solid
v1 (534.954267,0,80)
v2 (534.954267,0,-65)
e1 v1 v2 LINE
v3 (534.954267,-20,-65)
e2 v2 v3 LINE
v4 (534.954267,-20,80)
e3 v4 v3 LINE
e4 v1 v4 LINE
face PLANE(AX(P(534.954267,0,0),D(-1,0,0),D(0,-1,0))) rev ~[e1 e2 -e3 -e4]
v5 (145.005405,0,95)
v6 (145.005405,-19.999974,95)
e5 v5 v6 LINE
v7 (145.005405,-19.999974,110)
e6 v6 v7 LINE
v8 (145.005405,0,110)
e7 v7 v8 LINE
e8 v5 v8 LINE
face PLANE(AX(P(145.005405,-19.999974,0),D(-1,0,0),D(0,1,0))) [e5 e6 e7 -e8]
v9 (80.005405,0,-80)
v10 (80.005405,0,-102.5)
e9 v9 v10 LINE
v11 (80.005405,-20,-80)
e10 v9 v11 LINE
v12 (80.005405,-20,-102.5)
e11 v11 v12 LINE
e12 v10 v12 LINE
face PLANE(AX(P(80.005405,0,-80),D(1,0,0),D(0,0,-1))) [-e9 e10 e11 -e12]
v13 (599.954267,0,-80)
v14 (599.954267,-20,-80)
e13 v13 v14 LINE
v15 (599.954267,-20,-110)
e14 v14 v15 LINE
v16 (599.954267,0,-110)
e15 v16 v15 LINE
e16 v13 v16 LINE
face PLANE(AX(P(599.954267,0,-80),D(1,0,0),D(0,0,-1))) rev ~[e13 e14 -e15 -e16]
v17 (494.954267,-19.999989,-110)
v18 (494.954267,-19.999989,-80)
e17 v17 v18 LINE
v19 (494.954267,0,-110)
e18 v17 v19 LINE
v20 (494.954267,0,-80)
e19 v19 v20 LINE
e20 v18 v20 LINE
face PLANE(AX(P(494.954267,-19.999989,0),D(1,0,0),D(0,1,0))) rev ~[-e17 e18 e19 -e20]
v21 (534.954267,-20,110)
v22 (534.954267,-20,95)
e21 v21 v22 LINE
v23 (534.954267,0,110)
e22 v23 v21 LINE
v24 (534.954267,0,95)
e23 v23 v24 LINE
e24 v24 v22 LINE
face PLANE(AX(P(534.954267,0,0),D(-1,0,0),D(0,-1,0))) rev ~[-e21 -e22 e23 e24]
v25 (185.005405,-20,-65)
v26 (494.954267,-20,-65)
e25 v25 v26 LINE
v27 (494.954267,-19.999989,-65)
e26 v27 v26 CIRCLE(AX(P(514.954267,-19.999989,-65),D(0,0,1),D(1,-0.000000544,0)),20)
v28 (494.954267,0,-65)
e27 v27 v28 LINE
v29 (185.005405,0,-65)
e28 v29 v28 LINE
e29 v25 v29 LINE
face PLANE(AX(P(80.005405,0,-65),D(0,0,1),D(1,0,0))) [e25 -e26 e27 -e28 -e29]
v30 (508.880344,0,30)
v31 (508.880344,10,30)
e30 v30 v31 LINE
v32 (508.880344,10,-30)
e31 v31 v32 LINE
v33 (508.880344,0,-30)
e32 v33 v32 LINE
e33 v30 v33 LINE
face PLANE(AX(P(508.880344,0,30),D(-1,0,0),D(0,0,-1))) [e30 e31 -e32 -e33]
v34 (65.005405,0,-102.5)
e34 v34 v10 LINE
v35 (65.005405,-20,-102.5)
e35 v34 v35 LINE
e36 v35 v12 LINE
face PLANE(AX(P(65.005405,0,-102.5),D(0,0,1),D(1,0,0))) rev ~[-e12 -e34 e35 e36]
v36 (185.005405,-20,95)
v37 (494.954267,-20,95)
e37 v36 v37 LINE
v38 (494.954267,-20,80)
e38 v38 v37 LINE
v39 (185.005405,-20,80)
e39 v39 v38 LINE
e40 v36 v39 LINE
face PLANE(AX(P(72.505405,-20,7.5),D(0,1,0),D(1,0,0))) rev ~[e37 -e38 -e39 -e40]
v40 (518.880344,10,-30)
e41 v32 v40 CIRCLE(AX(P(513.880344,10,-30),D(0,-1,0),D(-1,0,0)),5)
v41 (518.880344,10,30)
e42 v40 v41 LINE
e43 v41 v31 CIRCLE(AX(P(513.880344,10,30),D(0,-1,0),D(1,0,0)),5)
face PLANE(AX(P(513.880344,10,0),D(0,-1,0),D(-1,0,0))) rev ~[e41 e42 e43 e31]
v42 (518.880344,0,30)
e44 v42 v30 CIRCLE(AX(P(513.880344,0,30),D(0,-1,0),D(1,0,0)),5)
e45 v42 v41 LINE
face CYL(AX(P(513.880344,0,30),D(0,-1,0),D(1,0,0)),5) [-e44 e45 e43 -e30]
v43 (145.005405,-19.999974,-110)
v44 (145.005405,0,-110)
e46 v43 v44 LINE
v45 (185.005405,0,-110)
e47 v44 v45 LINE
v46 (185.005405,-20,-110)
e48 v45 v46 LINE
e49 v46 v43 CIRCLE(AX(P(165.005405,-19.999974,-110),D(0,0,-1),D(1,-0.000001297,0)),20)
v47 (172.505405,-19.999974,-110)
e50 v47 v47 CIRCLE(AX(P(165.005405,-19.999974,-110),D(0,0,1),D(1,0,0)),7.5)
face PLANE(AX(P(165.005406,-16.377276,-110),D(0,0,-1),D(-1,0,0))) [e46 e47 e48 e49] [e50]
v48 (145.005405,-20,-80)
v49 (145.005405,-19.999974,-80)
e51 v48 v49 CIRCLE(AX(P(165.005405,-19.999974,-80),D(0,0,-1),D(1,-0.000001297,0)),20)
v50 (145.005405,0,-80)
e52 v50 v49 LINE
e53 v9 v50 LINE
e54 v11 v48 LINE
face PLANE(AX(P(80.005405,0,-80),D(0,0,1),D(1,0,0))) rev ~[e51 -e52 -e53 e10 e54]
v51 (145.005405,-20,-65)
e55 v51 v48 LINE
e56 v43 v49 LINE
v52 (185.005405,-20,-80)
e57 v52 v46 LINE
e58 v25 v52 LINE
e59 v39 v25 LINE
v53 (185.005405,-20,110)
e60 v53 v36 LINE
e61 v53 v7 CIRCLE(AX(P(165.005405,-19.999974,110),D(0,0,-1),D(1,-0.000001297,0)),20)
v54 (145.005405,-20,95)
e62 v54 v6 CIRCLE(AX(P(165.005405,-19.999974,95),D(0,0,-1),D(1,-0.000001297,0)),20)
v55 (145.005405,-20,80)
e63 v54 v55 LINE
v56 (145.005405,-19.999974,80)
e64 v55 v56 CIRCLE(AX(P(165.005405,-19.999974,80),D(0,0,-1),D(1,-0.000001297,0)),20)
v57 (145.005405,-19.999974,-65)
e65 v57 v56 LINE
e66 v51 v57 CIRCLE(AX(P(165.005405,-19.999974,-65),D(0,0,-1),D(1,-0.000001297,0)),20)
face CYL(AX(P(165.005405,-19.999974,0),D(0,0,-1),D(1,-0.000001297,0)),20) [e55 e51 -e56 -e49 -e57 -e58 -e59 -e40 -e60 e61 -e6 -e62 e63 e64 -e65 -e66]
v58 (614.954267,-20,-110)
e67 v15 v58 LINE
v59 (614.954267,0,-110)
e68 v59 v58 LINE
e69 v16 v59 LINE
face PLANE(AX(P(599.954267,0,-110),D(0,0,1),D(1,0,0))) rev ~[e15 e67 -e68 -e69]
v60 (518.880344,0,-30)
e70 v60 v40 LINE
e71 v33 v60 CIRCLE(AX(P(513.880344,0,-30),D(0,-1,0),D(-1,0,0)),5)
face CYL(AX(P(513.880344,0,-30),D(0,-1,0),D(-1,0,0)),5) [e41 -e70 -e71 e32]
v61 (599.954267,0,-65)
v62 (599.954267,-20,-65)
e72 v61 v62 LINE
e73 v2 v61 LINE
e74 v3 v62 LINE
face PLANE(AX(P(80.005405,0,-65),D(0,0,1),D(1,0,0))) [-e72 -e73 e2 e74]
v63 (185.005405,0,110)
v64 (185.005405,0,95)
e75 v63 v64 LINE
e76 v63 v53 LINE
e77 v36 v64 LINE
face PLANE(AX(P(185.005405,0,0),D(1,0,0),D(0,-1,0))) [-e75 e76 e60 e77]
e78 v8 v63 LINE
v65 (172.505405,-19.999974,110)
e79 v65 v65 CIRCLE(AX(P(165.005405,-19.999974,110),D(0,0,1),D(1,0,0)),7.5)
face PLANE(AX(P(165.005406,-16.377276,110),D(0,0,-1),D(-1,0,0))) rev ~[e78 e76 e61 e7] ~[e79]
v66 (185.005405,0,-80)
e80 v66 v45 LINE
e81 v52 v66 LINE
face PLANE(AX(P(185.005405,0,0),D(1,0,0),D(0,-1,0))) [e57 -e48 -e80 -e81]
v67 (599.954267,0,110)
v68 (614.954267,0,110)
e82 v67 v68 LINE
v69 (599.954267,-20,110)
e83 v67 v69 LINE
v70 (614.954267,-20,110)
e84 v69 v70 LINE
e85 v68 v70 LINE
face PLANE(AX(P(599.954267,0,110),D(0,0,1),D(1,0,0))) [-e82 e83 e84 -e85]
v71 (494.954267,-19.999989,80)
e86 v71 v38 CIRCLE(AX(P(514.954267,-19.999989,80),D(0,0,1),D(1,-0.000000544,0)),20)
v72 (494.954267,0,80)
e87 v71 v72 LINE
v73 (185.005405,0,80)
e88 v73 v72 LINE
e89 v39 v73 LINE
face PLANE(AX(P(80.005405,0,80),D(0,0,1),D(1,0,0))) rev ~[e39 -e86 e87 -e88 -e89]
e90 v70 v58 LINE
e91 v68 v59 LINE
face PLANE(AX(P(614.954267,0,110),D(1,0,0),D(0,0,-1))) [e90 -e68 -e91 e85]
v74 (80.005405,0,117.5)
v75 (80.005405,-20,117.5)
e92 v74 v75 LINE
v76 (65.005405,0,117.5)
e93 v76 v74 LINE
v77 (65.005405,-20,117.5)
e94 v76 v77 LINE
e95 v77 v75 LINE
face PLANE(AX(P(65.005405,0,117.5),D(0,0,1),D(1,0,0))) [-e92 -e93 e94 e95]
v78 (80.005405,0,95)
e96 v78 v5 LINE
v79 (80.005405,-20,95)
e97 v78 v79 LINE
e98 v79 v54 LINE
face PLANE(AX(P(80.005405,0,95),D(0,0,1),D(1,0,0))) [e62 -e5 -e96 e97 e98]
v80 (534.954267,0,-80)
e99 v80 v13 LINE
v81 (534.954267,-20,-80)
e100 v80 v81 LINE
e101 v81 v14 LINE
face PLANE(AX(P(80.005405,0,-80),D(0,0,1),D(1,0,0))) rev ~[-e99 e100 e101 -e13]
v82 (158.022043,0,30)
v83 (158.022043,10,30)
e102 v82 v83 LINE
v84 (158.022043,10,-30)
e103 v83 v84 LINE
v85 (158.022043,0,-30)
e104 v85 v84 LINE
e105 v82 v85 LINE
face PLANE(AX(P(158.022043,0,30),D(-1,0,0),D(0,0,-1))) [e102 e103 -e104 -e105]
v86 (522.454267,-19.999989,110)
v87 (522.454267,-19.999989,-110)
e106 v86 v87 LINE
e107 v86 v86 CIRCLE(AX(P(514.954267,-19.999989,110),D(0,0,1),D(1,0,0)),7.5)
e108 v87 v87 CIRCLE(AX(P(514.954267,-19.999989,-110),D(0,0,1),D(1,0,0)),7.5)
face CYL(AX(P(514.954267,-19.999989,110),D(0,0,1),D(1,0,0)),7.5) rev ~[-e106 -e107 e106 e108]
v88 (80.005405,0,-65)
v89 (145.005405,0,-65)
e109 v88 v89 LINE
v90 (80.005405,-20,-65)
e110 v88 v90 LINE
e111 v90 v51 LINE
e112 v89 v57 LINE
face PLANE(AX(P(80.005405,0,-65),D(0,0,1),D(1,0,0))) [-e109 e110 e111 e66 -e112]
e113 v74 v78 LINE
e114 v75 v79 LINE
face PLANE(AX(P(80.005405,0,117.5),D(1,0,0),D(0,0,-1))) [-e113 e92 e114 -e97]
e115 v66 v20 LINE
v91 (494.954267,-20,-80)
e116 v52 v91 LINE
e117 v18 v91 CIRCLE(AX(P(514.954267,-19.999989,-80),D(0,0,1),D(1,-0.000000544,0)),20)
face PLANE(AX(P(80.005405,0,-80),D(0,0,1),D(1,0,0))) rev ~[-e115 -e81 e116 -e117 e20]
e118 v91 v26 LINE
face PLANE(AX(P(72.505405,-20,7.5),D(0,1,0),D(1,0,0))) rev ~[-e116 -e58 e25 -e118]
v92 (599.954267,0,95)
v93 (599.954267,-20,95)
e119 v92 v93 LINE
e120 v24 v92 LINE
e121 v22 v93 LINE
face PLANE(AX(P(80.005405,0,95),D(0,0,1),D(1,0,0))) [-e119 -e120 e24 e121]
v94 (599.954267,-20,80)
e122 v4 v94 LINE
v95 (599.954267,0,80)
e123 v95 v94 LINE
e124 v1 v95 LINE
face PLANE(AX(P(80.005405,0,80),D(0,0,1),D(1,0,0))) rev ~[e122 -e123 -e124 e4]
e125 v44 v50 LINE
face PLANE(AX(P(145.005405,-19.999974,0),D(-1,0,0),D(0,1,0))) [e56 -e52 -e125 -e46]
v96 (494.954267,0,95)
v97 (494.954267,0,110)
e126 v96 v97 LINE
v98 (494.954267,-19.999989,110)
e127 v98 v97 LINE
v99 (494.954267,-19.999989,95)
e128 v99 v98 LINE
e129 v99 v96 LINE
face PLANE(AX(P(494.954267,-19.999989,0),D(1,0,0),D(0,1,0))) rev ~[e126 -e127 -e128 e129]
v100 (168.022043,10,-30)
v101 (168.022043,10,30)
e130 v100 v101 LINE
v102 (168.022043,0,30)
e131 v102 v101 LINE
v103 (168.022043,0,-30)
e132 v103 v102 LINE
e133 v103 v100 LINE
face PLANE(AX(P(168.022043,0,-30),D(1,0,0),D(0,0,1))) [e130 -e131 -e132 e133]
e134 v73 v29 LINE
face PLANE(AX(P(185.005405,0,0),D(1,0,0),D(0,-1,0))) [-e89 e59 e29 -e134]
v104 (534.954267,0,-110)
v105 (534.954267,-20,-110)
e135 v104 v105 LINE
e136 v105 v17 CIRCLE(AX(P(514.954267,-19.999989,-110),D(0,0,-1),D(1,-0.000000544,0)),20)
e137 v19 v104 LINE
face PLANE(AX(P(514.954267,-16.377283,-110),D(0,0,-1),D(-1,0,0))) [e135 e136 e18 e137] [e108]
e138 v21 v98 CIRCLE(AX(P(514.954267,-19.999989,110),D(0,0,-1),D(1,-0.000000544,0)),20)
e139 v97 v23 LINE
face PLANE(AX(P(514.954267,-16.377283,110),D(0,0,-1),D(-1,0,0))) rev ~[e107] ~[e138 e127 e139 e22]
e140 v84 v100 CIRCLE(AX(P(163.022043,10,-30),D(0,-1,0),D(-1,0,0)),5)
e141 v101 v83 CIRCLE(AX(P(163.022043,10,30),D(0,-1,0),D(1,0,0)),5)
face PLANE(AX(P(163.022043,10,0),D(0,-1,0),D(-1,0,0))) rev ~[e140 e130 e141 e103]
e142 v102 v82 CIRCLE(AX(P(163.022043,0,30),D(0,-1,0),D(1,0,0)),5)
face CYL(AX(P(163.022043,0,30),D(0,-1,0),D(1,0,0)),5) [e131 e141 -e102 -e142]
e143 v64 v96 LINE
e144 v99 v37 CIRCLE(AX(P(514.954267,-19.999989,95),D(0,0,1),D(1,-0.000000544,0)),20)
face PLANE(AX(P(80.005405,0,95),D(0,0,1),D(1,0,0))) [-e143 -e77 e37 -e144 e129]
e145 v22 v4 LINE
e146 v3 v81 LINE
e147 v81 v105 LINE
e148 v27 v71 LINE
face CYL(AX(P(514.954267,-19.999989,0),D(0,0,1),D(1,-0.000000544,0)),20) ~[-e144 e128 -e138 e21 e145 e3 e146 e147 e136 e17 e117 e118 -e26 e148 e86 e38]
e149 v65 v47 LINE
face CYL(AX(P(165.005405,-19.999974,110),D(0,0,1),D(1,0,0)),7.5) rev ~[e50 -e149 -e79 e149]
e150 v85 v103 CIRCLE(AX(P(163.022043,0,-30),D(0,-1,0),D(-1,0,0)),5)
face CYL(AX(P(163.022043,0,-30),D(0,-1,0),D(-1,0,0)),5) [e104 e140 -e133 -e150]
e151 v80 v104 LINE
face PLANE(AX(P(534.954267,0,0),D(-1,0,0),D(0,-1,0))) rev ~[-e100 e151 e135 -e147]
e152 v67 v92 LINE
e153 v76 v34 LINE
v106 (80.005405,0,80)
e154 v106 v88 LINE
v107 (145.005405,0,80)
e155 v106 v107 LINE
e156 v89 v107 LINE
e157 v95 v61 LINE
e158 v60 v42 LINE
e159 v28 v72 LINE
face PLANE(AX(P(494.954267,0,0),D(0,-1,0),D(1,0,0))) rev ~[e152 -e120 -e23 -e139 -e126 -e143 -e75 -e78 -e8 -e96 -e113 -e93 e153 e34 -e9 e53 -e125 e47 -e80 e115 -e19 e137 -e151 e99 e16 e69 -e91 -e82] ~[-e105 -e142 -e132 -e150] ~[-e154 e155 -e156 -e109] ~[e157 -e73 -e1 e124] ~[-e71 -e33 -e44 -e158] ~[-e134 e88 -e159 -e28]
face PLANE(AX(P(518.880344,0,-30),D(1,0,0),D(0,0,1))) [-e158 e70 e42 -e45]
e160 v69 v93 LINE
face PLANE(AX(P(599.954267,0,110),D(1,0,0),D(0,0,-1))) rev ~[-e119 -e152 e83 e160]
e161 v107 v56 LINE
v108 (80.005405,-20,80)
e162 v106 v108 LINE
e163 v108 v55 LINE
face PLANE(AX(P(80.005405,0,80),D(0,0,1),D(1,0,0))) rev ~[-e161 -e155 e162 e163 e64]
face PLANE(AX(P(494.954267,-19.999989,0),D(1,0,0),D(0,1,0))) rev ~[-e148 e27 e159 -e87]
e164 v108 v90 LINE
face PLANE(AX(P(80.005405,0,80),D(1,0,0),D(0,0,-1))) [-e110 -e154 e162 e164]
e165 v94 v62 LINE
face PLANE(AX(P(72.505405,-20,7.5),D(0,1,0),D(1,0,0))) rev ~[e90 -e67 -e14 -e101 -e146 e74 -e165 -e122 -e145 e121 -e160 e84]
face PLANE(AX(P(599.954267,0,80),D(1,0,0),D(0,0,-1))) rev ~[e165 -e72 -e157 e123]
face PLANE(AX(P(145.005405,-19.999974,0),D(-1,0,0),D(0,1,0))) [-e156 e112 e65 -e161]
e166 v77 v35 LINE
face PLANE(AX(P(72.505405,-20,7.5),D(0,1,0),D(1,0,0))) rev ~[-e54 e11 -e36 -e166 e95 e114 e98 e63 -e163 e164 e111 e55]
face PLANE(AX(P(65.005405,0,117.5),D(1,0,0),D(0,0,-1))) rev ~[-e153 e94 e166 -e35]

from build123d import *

# Parameters (mm, degrees)
SKETCH1_W           = 15
SKETCH1_H           = 220
SKETCH1_W_2         = 519.948861259
SKETCH1_H_2         = 15
BOSS_EXTRUDE1_DEPTH = 20
BOSS_EXTRUDE3_DEPTH = 110
SKETCH3_R           = 7.5
CUT_EXTRUDE1_DEPTH  = 655.346046928
BOSS_EXTRUDE5_DEPTH = 10


with BuildPart() as part:
    # Sketch1 → Boss-Extrude1 (new body)
    with BuildSketch(Plane(origin=(0, 0, 0), x_dir=(1, 0, 0), z_dir=(0, 1, 0))):
        with Locations((72.505405333, -7.5)):
            Rectangle(SKETCH1_W, SKETCH1_H)
        with Locations((607.454266592, 0)):
            Rectangle(SKETCH1_W, SKETCH1_H)
        with Locations((339.979835963, 72.5)):
            Rectangle(SKETCH1_W_2, SKETCH1_H_2)
        with Locations((339.979835963, -87.5)):
            Rectangle(SKETCH1_W_2, SKETCH1_H_2)
    extrude(amount=-BOSS_EXTRUDE1_DEPTH)

    # Sketch2 → Boss-Extrude3 (add, symmetric)
    with BuildSketch(Plane.XY):
        with BuildLine():
            Line((145.005405333, 0), (185.005405333, 0))
            Line((185.005405333, 0), (185.005405333, -20))
            ThreePointArc((185.005405333, -20), (165.005392368, -39.99997407), (145.005405333, -19.99997407))
            Line((145.005405333, -19.99997407), (145.005405333, 0))
        make_face()
        with BuildLine():
            Line((494.954266592, 0), (534.954266592, 0))
            Line((534.954266592, 0), (534.954266592, -20))
            ThreePointArc((534.954266592, -20), (514.954261153, -39.999989122), (494.954266592, -19.999989122))
            Line((494.954266592, -19.999989122), (494.954266592, 0))
        make_face()
    extrude(amount=BOSS_EXTRUDE3_DEPTH, both=True)

    # Sketch3 → Cut-Extrude1 (cut, through all)
    with BuildSketch(Plane.XY.offset(110)):
        with Locations((165.005405333, -19.99997407)):
            Circle(SKETCH3_R)
        with Locations((514.954266592, -19.999989122)):
            Circle(SKETCH3_R)
    extrude(amount=-CUT_EXTRUDE1_DEPTH, mode=Mode.SUBTRACT)

    # Sketch4 → Boss-Extrude5 (add)
    with BuildSketch(Plane(origin=(0, 0, 0), x_dir=(1, 0, 0), z_dir=(0, 1, 0))):
        with BuildLine():
            Line((158.022043154, -30), (158.022043154, 30))
            ThreePointArc((158.022043154, 30), (163.022043154, 35), (168.022043154, 30))
            Line((168.022043154, 30), (168.022043154, -30))
            ThreePointArc((168.022043154, -30), (163.022043154, -35), (158.022043154, -30))
        make_face()
        with BuildLine():
            Line((508.880344162, -30), (508.880344162, 30))
            ThreePointArc((508.880344162, 30), (513.880344162, 35), (518.880344162, 30))
            Line((518.880344162, 30), (518.880344162, -30))
            ThreePointArc((518.880344162, -30), (513.880344162, -35), (508.880344162, -30))
        make_face()
    extrude(amount=BOSS_EXTRUDE5_DEPTH)


solid = part.part
